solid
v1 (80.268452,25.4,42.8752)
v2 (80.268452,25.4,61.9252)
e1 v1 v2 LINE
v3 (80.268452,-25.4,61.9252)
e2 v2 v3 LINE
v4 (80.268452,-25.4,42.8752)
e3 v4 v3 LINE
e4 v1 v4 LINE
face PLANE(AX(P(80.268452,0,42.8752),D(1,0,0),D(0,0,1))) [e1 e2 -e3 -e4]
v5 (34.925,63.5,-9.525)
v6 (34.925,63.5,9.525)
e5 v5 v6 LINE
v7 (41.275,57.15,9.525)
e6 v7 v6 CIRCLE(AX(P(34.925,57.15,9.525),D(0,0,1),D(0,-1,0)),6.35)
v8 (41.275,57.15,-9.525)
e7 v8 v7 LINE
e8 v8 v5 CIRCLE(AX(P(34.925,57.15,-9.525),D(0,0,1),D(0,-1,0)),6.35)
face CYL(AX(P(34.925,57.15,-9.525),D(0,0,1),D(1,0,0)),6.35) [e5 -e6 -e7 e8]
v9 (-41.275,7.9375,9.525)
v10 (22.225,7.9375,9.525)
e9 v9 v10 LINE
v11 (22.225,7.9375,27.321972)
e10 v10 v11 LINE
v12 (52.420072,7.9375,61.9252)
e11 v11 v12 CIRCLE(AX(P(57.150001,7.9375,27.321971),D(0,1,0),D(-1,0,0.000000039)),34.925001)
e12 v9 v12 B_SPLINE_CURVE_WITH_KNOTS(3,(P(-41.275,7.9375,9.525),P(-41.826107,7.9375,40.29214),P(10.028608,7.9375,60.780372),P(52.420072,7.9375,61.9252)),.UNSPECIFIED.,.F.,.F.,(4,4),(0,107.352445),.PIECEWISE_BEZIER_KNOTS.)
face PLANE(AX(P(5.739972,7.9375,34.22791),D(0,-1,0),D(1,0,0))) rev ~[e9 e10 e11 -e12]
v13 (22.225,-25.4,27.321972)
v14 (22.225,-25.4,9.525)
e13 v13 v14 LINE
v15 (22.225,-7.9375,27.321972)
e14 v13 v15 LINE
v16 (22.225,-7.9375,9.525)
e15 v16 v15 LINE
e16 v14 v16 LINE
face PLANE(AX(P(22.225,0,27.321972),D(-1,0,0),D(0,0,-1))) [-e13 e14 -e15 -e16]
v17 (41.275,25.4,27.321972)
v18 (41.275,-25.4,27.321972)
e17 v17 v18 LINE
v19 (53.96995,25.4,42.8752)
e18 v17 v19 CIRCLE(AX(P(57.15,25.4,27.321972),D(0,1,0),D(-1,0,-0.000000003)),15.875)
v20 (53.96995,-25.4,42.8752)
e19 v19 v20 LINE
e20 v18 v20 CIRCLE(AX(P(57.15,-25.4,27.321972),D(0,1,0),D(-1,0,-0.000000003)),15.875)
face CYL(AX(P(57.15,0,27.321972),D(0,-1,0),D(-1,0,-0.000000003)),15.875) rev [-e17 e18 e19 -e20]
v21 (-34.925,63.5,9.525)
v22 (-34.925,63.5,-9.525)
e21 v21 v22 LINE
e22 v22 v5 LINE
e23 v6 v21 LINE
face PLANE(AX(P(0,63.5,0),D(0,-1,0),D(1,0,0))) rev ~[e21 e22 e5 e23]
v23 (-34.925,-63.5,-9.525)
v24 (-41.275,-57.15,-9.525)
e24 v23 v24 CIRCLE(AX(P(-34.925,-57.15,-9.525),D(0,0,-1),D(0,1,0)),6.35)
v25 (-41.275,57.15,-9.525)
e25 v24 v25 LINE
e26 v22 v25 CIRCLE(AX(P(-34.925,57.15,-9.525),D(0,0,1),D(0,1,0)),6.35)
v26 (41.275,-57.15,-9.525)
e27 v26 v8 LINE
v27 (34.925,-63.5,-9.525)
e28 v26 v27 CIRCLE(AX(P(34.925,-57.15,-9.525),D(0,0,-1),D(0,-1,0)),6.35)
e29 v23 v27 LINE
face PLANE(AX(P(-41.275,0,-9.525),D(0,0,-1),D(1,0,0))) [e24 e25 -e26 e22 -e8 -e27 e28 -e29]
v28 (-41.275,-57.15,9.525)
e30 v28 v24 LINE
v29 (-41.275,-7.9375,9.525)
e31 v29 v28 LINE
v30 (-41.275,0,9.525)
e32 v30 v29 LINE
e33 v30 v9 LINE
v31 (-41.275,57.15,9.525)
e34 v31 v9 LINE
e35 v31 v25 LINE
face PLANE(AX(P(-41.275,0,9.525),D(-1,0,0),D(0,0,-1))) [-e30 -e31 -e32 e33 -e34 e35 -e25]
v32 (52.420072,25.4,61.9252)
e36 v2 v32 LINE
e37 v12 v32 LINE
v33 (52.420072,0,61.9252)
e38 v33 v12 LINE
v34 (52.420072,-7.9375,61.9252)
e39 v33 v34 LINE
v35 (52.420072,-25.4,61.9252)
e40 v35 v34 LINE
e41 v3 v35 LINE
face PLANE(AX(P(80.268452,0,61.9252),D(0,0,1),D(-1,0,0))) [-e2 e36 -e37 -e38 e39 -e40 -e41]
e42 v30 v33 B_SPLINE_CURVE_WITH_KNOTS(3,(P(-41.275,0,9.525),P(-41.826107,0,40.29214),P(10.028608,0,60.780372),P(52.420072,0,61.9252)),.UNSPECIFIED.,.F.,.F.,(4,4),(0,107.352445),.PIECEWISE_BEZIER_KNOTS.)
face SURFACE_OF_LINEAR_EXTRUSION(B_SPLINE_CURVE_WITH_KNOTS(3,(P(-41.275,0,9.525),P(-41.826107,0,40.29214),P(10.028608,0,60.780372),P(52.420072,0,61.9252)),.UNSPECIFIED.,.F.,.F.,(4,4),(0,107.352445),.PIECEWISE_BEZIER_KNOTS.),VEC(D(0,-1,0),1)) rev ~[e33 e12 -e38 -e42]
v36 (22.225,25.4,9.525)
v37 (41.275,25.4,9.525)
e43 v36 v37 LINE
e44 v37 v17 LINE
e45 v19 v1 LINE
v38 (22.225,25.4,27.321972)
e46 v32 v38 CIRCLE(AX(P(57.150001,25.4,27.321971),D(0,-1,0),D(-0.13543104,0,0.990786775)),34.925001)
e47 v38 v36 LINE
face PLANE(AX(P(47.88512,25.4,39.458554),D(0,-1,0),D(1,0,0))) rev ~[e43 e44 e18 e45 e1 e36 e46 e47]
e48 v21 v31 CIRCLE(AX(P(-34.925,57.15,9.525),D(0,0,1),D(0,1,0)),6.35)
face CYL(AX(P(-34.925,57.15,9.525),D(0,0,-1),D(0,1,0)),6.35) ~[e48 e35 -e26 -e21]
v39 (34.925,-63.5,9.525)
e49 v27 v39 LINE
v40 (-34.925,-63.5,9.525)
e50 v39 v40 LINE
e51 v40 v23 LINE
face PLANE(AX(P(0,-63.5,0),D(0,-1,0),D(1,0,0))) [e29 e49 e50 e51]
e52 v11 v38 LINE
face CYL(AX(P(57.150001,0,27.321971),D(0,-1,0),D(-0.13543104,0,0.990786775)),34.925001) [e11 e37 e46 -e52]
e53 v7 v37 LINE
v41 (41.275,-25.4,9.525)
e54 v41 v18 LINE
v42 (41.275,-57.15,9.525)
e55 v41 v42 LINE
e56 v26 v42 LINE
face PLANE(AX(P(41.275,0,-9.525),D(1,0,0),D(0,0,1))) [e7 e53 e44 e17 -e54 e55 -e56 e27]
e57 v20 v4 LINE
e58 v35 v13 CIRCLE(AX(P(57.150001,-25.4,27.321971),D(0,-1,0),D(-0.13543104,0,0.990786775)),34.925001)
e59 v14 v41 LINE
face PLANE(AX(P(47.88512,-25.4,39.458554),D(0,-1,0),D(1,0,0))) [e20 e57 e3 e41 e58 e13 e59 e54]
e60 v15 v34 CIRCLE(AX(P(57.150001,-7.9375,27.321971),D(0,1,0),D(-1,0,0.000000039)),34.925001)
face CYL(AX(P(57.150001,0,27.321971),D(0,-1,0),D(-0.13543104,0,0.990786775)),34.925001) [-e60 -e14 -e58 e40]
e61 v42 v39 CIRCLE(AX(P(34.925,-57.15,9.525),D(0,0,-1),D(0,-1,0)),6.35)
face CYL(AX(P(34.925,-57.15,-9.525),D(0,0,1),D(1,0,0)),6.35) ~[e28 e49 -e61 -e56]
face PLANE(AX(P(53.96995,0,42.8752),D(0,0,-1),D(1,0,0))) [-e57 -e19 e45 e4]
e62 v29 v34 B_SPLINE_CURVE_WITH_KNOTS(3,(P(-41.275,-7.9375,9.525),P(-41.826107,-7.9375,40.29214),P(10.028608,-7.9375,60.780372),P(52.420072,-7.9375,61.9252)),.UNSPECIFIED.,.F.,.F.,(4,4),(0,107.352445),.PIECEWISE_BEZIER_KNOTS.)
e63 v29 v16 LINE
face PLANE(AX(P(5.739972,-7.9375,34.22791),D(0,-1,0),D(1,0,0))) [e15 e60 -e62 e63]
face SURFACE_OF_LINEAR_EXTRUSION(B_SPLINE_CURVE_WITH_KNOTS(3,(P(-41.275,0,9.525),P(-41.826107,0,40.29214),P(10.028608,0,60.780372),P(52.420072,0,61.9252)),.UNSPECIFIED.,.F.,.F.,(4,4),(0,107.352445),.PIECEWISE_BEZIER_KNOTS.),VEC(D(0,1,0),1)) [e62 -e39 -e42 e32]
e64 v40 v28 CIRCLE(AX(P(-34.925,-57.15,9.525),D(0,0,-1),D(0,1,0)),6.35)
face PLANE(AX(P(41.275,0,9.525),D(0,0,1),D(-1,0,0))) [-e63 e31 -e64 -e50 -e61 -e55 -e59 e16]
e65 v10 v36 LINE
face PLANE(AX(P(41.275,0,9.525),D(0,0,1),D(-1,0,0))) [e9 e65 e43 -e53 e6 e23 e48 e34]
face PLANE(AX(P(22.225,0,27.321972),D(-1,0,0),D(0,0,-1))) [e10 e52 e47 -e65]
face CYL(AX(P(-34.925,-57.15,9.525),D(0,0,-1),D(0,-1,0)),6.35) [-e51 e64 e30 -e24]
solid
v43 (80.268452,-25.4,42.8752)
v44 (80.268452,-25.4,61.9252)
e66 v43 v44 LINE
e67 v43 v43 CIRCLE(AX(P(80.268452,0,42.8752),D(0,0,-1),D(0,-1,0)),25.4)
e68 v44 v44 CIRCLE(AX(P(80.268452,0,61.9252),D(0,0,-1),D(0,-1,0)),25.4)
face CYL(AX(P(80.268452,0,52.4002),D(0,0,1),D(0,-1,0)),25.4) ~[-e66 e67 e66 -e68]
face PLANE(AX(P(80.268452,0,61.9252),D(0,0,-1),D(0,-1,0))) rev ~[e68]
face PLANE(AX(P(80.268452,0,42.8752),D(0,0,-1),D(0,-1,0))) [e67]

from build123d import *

# Parameters (mm, degrees)
F1_DEPTH = 63.5
F2_DEPTH = 25.4
F3_DEPTH = 7.9375
F4_W     = 25.4
F4_H     = 19.05
F6_R     = 6.35


with BuildPart() as f1:
    # F0 (on Front) → F1 (new body, symmetric)
    with BuildSketch(Plane.XZ):
        Polygon((41.275, -9.525), (41.275, 9.525), (22.225, 9.525), (-41.275, 9.525), (-41.275, -9.525), align=None)
    extrude(amount=F1_DEPTH, both=True)

    # F0 (on Front) → F2 (join, symmetric)
    with BuildSketch(Plane.XZ):
        with BuildLine():
            Line((22.225, 9.525), (41.275, 9.525))
            Line((41.275, 9.525), (41.275, 27.321972))
            ThreePointArc((41.275, 27.321972), (44.851648, 37.360207), (53.96995, 42.8752))
            Line((53.96995, 42.8752), (80.268452, 42.8752))
            Line((80.268452, 42.8752), (80.268452, 61.9252))
            Line((80.268452, 61.9252), (52.420072, 61.9252))
            ThreePointArc((52.420072, 61.9252), (30.835096, 50.284581), (22.225, 27.321972))
            Line((22.225, 27.321972), (22.225, 9.525))
        make_face()
    extrude(amount=F2_DEPTH, both=True)

    # F0 (on Front) → F3 (join, symmetric)
    with BuildSketch(Plane.XZ):
        with BuildLine():
            Line((-41.275, 9.525), (22.225, 9.525))
            Line((22.225, 9.525), (22.225, 27.321972))
            ThreePointArc((22.225, 27.321972), (30.835096, 50.284581), (52.420072, 61.9252))
            add(Edge.make_bspline(
                [(-41.275, 9.525), (-41.826107, 40.29214), (10.028608, 60.780372), (52.420072, 61.9252)],
                knots=[0, 0, 0, 0, 107.352445, 107.352445, 107.352445, 107.352445], degree=3))
        make_face()
    extrude(amount=F3_DEPTH, both=True)

    # F6
    f6_edges = [f1.edges().sort_by_distance(p)[0] for p in [
        (41.275, -63.5, 0),
        (41.275, 63.5, 0),
        (-41.275, 63.5, 0),
        (-41.275, -63.5, 0),
    ]]
    fillet(f6_edges, radius=F6_R)


with BuildPart() as f5:
    # F4 (on face) → F5 (revolve)
    with BuildSketch(Plane.YZ.offset(80.268452)):
        with Locations((-12.7, 52.4002)):
            Rectangle(F4_W, F4_H)
    revolve(axis=Axis((80.268452, 0, 52.4002), (0, 0, -1)))


solid = Compound([f1.part, f5.part])
